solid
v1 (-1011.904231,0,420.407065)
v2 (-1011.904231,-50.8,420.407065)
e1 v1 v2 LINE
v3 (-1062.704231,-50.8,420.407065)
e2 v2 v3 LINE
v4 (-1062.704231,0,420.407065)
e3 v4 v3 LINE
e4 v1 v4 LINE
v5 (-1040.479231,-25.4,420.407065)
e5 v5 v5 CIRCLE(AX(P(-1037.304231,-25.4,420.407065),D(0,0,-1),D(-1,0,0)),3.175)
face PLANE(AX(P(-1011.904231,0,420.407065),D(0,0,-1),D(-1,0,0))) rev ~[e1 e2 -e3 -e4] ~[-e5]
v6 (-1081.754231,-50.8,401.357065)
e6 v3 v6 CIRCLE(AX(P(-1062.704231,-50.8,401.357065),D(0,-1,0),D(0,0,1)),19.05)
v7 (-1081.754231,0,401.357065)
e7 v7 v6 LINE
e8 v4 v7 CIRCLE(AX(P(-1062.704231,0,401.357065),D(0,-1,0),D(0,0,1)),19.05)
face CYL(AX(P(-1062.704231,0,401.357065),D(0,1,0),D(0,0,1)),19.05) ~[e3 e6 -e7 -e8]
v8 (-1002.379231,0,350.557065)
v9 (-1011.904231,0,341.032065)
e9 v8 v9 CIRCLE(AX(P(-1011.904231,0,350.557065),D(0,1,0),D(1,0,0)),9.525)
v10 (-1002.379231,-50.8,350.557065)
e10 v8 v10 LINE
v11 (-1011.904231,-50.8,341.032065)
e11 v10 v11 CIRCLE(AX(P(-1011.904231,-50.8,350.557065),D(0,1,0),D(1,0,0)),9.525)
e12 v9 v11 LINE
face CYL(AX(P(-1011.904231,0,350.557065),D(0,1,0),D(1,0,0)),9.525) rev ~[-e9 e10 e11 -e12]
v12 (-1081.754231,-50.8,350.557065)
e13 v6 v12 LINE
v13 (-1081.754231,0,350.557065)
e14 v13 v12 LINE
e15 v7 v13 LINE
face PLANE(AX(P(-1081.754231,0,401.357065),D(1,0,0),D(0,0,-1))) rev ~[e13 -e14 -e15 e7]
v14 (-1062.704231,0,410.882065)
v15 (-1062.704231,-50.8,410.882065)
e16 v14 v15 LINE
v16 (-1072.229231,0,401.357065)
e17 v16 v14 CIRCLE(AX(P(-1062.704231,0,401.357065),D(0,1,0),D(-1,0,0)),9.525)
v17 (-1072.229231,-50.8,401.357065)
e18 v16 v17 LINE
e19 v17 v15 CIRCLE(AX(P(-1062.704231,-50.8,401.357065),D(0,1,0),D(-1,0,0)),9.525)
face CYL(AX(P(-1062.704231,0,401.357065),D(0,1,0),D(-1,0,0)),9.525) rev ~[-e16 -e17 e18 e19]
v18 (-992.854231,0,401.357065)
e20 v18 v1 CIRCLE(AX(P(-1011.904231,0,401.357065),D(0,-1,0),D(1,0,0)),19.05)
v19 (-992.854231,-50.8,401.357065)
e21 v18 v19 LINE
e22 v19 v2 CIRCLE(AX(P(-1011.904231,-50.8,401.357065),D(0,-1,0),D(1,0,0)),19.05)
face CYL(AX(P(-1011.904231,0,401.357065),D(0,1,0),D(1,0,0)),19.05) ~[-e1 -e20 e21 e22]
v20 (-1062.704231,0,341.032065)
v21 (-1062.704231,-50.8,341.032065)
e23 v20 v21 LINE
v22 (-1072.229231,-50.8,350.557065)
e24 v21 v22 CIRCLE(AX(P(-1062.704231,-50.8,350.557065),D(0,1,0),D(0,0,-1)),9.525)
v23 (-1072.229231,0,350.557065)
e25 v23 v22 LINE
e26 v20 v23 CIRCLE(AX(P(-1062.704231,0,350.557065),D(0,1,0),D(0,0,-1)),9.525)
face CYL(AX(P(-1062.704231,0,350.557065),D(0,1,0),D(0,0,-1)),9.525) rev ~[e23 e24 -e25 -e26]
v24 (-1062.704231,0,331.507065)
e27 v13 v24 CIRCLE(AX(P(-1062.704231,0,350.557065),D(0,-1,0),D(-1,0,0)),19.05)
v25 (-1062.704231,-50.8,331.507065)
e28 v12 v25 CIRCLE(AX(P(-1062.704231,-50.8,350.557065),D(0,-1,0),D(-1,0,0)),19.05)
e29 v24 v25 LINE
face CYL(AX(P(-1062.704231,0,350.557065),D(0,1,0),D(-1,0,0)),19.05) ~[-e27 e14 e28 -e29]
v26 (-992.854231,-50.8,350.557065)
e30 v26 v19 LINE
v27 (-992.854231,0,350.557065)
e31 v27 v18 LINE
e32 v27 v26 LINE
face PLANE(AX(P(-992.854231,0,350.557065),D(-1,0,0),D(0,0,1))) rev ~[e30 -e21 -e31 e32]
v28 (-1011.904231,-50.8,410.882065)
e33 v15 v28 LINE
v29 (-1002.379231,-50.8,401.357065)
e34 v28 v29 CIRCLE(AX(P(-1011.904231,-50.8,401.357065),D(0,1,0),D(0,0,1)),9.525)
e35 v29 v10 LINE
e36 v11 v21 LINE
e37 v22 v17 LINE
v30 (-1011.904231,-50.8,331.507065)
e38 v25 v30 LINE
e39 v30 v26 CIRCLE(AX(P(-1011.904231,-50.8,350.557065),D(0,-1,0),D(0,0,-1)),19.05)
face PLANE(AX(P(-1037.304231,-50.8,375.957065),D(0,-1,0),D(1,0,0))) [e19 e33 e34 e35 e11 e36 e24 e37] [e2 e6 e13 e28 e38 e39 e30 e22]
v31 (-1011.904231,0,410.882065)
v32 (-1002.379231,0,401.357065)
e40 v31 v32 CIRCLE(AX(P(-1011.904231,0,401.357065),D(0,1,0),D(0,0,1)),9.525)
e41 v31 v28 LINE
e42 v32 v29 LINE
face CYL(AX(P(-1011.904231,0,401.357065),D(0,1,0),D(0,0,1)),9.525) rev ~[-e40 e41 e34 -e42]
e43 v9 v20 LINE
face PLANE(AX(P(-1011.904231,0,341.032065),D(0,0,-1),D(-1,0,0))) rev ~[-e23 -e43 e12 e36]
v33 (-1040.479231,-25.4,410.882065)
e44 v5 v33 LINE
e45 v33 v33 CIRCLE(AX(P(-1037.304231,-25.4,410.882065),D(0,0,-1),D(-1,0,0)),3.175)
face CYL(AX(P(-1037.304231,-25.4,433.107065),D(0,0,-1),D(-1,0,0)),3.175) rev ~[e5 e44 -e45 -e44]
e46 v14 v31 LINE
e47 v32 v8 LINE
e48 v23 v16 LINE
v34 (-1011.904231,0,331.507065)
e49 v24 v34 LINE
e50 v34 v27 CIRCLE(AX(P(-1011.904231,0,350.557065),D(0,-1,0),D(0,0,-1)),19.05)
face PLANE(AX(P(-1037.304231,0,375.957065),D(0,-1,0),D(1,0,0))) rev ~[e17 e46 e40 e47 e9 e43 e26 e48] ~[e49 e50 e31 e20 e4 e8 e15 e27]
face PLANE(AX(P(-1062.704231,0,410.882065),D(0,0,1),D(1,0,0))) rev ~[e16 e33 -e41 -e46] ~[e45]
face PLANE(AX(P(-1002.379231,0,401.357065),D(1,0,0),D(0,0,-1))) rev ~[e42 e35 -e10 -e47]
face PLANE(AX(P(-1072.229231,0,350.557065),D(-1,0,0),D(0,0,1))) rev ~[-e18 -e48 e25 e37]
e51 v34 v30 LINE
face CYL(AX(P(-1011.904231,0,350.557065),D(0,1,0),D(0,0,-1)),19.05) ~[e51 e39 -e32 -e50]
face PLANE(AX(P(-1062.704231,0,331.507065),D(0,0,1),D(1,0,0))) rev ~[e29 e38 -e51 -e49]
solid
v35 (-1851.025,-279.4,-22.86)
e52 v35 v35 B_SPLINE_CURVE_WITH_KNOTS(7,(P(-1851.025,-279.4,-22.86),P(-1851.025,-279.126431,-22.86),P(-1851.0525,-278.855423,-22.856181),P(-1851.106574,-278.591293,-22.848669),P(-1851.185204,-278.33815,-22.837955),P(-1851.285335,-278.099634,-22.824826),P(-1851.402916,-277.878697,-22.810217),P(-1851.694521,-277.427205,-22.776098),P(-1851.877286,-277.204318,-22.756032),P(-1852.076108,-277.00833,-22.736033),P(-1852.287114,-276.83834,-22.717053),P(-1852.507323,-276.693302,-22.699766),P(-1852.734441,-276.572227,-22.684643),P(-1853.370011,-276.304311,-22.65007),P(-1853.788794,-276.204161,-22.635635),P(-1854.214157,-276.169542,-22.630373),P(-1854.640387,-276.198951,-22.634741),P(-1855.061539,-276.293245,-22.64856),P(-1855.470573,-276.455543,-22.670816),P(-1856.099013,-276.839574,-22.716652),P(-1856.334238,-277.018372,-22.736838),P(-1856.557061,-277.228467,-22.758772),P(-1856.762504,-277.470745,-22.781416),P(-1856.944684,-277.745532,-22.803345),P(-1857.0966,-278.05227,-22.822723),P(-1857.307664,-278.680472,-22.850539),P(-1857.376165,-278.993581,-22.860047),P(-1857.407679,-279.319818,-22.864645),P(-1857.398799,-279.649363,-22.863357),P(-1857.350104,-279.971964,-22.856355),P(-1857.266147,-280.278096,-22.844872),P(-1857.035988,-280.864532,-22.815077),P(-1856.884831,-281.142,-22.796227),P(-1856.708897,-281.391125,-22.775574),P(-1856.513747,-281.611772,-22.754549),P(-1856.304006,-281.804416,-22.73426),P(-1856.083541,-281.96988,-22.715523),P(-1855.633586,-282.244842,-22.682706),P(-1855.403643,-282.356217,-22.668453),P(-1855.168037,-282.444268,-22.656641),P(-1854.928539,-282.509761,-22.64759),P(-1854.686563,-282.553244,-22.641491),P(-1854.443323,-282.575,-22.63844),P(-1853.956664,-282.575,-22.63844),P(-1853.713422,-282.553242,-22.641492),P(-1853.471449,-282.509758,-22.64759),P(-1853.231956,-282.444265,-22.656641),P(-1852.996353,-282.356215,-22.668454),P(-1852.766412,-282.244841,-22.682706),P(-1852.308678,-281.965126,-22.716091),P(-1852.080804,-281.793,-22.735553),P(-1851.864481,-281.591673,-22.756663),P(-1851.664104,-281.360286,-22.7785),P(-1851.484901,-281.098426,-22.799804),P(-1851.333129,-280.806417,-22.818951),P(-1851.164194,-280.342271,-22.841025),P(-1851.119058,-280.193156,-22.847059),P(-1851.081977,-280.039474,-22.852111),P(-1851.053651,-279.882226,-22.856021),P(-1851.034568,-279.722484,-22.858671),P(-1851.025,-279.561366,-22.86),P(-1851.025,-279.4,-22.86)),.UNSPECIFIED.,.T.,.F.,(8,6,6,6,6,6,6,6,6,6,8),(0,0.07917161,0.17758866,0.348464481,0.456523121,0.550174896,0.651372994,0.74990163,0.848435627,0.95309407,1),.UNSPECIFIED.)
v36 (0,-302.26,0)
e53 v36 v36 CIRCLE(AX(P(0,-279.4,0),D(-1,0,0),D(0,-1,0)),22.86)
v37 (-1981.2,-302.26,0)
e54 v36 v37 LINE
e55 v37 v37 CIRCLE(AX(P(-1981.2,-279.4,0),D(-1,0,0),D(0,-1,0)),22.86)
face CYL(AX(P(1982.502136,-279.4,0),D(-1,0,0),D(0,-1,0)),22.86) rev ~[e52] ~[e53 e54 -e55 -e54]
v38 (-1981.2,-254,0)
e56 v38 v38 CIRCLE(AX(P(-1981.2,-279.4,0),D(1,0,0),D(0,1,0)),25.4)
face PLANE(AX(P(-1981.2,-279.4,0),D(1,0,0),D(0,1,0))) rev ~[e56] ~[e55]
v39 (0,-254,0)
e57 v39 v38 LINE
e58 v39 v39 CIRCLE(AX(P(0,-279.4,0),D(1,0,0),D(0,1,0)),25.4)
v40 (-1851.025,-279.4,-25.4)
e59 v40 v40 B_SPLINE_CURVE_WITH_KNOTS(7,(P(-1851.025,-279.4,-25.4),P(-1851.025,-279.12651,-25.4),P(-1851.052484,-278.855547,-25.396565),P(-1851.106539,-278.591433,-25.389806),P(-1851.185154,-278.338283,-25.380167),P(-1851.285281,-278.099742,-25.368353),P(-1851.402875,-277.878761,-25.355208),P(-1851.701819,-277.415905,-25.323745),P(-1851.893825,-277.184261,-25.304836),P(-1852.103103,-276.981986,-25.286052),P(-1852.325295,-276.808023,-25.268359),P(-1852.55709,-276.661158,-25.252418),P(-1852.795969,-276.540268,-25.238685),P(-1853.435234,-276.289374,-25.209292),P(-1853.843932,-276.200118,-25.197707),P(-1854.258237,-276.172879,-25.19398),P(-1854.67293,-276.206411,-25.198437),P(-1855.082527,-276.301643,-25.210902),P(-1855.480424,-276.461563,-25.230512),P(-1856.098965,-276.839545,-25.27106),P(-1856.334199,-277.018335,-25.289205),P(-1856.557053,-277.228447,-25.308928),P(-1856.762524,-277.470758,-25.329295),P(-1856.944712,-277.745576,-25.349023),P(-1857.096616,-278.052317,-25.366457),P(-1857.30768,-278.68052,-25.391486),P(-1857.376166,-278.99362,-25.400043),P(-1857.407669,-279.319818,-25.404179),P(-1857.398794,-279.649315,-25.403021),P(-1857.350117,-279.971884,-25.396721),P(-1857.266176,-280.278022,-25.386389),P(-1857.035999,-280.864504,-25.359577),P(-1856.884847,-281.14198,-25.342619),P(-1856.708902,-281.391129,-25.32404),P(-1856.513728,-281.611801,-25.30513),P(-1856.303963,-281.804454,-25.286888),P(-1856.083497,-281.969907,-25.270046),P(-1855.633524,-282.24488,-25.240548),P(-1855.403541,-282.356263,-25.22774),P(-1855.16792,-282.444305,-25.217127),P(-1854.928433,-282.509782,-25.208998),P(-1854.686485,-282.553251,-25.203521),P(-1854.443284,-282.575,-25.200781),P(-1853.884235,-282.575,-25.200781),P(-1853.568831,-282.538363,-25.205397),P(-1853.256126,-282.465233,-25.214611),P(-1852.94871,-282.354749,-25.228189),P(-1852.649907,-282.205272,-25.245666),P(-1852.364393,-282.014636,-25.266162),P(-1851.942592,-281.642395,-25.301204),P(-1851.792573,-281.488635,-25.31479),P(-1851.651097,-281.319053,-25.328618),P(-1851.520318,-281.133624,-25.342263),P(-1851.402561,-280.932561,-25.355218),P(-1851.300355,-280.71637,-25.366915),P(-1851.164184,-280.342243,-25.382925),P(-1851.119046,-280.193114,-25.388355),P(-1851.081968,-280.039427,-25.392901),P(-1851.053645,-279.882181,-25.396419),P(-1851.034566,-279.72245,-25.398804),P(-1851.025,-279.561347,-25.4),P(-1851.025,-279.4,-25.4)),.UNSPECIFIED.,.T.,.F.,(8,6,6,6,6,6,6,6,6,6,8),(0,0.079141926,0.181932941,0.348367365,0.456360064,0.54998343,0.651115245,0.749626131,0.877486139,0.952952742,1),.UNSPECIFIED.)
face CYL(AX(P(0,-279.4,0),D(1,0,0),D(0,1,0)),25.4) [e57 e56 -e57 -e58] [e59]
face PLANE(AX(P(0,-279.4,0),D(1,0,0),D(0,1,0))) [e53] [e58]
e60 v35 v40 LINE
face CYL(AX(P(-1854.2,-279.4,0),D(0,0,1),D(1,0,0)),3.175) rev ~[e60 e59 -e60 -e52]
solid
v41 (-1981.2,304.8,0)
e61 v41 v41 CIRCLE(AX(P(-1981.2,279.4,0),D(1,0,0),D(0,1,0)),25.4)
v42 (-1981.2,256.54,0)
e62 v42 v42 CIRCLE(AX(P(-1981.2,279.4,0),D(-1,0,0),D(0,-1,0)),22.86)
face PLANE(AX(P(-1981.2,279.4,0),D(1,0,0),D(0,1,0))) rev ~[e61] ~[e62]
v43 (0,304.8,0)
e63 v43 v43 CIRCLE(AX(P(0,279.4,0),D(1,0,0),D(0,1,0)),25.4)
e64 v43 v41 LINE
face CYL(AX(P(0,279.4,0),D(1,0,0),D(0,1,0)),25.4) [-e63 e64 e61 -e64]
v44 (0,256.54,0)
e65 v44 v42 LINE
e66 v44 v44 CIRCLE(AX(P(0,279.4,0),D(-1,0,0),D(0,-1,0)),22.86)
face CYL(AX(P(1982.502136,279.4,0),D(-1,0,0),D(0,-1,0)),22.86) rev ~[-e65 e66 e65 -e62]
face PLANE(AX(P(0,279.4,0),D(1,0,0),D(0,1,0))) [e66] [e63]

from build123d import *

# Parameters (mm, degrees)
F0_R      = 25.4
F1_DEPTH  = 1981.2
F2_D      = 45.72
F4_D      = 6.35
F4_DEPTH  = 50.8
F4_TIP    = 1.9077324654
F5_R      = 25.4
F6_DEPTH  = 1981.2
F7_D      = 45.72
F9_DEPTH  = 50.8
F11_D     = 6.35
F11_DEPTH = 12.7
F11_TIP   = 1.9077324654


with BuildPart() as f1:
    # F0 (on Right) → F1 (new body)
    with BuildSketch(Plane.YZ):
        with Locations((-279.4, 0)):
            Circle(F0_R)
    extrude(amount=-F1_DEPTH)

    # F2 (through all)
    with Locations(Plane.YZ):
        with Locations((-279.4, 0)):
            Hole(F2_D / 2)

    # F4 (one way)
    with BuildSketch(Plane.XY):
        with Locations((-1854.2, -279.4)):
            Circle(F4_D / 2)
    extrude(amount=-F4_DEPTH, mode=Mode.SUBTRACT)
    with Locations(Plane.XY):
        with Locations((-1854.2, -279.4)):
            with Locations((0, 0, -(F4_DEPTH + F4_TIP / 2))):  # 118° drill point
                Cone(0, F4_D / 2, F4_TIP, mode=Mode.SUBTRACT)


with BuildPart() as f6:
    # F5 (on face) → F6 (new body)
    with BuildSketch(Plane.YZ):
        with Locations((279.4, 0)):
            Circle(F5_R)
    extrude(amount=-F6_DEPTH)

    # F7 (through all)
    with Locations(Plane.YZ):
        with Locations((279.4, 0)):
            Hole(F7_D / 2)


with BuildPart() as f9:
    # F8 (on Front) → F9 (new body)
    with BuildSketch(Plane.XZ):
        with BuildLine():
            Line((-1011.9042306555, 420.4070654154), (-1062.7042306555, 420.4070654154))
            ThreePointArc((-1062.7042306555, 420.4070654154), (-1076.1746148371, 414.827449597), (-1081.7542306555, 401.3570654154))
            Line((-1081.7542306555, 401.3570654154), (-1081.7542306555, 350.5570654154))
            ThreePointArc((-1081.7542306555, 350.5570654154), (-1076.1746148371, 337.0866812338), (-1062.7042306555, 331.5070654154))
            Line((-1062.7042306555, 331.5070654154), (-1011.9042306555, 331.5070654154))
            ThreePointArc((-1011.9042306555, 331.5070654154), (-998.4338464739, 337.0866812338), (-992.8542306555, 350.5570654154))
            Line((-992.8542306555, 350.5570654154), (-992.8542306555, 401.3570654154))
            ThreePointArc((-992.8542306555, 401.3570654154), (-998.4338464739, 414.827449597), (-1011.9042306555, 420.4070654154))
        make_face()
        with BuildLine():
            ThreePointArc((-1072.2292306555, 401.3570654154), (-1069.4394227463, 408.0922575062), (-1062.7042306555, 410.8820654154))
            Line((-1062.7042306555, 410.8820654154), (-1011.9042306555, 410.8820654154))
            ThreePointArc((-1011.9042306555, 410.8820654154), (-1005.1690385647, 408.0922575062), (-1002.3792306555, 401.3570654154))
            Line((-1002.3792306555, 401.3570654154), (-1002.3792306555, 350.5570654154))
            ThreePointArc((-1002.3792306555, 350.5570654154), (-1005.1690385647, 343.8218733246), (-1011.9042306555, 341.0320654154))
            Line((-1011.9042306555, 341.0320654154), (-1062.7042306555, 341.0320654154))
            ThreePointArc((-1062.7042306555, 341.0320654154), (-1069.4394227463, 343.8218733246), (-1072.2292306555, 350.5570654154))
            Line((-1072.2292306555, 350.5570654154), (-1072.2292306555, 401.3570654154))
        make_face(mode=Mode.SUBTRACT)
    extrude(amount=F9_DEPTH)

    # F11
    with Locations(Plane.XY.offset(420.4070654154)):
        with Locations((-1037.3042306555, -25.4)):
            Hole(F11_D / 2, depth=F11_DEPTH)
            with Locations((0, 0, -(F11_DEPTH + F11_TIP / 2))):  # 118° drill point
                Cone(0, F11_D / 2, F11_TIP, mode=Mode.SUBTRACT)


solid = Compound([f1.part, f6.part, f9.part])
